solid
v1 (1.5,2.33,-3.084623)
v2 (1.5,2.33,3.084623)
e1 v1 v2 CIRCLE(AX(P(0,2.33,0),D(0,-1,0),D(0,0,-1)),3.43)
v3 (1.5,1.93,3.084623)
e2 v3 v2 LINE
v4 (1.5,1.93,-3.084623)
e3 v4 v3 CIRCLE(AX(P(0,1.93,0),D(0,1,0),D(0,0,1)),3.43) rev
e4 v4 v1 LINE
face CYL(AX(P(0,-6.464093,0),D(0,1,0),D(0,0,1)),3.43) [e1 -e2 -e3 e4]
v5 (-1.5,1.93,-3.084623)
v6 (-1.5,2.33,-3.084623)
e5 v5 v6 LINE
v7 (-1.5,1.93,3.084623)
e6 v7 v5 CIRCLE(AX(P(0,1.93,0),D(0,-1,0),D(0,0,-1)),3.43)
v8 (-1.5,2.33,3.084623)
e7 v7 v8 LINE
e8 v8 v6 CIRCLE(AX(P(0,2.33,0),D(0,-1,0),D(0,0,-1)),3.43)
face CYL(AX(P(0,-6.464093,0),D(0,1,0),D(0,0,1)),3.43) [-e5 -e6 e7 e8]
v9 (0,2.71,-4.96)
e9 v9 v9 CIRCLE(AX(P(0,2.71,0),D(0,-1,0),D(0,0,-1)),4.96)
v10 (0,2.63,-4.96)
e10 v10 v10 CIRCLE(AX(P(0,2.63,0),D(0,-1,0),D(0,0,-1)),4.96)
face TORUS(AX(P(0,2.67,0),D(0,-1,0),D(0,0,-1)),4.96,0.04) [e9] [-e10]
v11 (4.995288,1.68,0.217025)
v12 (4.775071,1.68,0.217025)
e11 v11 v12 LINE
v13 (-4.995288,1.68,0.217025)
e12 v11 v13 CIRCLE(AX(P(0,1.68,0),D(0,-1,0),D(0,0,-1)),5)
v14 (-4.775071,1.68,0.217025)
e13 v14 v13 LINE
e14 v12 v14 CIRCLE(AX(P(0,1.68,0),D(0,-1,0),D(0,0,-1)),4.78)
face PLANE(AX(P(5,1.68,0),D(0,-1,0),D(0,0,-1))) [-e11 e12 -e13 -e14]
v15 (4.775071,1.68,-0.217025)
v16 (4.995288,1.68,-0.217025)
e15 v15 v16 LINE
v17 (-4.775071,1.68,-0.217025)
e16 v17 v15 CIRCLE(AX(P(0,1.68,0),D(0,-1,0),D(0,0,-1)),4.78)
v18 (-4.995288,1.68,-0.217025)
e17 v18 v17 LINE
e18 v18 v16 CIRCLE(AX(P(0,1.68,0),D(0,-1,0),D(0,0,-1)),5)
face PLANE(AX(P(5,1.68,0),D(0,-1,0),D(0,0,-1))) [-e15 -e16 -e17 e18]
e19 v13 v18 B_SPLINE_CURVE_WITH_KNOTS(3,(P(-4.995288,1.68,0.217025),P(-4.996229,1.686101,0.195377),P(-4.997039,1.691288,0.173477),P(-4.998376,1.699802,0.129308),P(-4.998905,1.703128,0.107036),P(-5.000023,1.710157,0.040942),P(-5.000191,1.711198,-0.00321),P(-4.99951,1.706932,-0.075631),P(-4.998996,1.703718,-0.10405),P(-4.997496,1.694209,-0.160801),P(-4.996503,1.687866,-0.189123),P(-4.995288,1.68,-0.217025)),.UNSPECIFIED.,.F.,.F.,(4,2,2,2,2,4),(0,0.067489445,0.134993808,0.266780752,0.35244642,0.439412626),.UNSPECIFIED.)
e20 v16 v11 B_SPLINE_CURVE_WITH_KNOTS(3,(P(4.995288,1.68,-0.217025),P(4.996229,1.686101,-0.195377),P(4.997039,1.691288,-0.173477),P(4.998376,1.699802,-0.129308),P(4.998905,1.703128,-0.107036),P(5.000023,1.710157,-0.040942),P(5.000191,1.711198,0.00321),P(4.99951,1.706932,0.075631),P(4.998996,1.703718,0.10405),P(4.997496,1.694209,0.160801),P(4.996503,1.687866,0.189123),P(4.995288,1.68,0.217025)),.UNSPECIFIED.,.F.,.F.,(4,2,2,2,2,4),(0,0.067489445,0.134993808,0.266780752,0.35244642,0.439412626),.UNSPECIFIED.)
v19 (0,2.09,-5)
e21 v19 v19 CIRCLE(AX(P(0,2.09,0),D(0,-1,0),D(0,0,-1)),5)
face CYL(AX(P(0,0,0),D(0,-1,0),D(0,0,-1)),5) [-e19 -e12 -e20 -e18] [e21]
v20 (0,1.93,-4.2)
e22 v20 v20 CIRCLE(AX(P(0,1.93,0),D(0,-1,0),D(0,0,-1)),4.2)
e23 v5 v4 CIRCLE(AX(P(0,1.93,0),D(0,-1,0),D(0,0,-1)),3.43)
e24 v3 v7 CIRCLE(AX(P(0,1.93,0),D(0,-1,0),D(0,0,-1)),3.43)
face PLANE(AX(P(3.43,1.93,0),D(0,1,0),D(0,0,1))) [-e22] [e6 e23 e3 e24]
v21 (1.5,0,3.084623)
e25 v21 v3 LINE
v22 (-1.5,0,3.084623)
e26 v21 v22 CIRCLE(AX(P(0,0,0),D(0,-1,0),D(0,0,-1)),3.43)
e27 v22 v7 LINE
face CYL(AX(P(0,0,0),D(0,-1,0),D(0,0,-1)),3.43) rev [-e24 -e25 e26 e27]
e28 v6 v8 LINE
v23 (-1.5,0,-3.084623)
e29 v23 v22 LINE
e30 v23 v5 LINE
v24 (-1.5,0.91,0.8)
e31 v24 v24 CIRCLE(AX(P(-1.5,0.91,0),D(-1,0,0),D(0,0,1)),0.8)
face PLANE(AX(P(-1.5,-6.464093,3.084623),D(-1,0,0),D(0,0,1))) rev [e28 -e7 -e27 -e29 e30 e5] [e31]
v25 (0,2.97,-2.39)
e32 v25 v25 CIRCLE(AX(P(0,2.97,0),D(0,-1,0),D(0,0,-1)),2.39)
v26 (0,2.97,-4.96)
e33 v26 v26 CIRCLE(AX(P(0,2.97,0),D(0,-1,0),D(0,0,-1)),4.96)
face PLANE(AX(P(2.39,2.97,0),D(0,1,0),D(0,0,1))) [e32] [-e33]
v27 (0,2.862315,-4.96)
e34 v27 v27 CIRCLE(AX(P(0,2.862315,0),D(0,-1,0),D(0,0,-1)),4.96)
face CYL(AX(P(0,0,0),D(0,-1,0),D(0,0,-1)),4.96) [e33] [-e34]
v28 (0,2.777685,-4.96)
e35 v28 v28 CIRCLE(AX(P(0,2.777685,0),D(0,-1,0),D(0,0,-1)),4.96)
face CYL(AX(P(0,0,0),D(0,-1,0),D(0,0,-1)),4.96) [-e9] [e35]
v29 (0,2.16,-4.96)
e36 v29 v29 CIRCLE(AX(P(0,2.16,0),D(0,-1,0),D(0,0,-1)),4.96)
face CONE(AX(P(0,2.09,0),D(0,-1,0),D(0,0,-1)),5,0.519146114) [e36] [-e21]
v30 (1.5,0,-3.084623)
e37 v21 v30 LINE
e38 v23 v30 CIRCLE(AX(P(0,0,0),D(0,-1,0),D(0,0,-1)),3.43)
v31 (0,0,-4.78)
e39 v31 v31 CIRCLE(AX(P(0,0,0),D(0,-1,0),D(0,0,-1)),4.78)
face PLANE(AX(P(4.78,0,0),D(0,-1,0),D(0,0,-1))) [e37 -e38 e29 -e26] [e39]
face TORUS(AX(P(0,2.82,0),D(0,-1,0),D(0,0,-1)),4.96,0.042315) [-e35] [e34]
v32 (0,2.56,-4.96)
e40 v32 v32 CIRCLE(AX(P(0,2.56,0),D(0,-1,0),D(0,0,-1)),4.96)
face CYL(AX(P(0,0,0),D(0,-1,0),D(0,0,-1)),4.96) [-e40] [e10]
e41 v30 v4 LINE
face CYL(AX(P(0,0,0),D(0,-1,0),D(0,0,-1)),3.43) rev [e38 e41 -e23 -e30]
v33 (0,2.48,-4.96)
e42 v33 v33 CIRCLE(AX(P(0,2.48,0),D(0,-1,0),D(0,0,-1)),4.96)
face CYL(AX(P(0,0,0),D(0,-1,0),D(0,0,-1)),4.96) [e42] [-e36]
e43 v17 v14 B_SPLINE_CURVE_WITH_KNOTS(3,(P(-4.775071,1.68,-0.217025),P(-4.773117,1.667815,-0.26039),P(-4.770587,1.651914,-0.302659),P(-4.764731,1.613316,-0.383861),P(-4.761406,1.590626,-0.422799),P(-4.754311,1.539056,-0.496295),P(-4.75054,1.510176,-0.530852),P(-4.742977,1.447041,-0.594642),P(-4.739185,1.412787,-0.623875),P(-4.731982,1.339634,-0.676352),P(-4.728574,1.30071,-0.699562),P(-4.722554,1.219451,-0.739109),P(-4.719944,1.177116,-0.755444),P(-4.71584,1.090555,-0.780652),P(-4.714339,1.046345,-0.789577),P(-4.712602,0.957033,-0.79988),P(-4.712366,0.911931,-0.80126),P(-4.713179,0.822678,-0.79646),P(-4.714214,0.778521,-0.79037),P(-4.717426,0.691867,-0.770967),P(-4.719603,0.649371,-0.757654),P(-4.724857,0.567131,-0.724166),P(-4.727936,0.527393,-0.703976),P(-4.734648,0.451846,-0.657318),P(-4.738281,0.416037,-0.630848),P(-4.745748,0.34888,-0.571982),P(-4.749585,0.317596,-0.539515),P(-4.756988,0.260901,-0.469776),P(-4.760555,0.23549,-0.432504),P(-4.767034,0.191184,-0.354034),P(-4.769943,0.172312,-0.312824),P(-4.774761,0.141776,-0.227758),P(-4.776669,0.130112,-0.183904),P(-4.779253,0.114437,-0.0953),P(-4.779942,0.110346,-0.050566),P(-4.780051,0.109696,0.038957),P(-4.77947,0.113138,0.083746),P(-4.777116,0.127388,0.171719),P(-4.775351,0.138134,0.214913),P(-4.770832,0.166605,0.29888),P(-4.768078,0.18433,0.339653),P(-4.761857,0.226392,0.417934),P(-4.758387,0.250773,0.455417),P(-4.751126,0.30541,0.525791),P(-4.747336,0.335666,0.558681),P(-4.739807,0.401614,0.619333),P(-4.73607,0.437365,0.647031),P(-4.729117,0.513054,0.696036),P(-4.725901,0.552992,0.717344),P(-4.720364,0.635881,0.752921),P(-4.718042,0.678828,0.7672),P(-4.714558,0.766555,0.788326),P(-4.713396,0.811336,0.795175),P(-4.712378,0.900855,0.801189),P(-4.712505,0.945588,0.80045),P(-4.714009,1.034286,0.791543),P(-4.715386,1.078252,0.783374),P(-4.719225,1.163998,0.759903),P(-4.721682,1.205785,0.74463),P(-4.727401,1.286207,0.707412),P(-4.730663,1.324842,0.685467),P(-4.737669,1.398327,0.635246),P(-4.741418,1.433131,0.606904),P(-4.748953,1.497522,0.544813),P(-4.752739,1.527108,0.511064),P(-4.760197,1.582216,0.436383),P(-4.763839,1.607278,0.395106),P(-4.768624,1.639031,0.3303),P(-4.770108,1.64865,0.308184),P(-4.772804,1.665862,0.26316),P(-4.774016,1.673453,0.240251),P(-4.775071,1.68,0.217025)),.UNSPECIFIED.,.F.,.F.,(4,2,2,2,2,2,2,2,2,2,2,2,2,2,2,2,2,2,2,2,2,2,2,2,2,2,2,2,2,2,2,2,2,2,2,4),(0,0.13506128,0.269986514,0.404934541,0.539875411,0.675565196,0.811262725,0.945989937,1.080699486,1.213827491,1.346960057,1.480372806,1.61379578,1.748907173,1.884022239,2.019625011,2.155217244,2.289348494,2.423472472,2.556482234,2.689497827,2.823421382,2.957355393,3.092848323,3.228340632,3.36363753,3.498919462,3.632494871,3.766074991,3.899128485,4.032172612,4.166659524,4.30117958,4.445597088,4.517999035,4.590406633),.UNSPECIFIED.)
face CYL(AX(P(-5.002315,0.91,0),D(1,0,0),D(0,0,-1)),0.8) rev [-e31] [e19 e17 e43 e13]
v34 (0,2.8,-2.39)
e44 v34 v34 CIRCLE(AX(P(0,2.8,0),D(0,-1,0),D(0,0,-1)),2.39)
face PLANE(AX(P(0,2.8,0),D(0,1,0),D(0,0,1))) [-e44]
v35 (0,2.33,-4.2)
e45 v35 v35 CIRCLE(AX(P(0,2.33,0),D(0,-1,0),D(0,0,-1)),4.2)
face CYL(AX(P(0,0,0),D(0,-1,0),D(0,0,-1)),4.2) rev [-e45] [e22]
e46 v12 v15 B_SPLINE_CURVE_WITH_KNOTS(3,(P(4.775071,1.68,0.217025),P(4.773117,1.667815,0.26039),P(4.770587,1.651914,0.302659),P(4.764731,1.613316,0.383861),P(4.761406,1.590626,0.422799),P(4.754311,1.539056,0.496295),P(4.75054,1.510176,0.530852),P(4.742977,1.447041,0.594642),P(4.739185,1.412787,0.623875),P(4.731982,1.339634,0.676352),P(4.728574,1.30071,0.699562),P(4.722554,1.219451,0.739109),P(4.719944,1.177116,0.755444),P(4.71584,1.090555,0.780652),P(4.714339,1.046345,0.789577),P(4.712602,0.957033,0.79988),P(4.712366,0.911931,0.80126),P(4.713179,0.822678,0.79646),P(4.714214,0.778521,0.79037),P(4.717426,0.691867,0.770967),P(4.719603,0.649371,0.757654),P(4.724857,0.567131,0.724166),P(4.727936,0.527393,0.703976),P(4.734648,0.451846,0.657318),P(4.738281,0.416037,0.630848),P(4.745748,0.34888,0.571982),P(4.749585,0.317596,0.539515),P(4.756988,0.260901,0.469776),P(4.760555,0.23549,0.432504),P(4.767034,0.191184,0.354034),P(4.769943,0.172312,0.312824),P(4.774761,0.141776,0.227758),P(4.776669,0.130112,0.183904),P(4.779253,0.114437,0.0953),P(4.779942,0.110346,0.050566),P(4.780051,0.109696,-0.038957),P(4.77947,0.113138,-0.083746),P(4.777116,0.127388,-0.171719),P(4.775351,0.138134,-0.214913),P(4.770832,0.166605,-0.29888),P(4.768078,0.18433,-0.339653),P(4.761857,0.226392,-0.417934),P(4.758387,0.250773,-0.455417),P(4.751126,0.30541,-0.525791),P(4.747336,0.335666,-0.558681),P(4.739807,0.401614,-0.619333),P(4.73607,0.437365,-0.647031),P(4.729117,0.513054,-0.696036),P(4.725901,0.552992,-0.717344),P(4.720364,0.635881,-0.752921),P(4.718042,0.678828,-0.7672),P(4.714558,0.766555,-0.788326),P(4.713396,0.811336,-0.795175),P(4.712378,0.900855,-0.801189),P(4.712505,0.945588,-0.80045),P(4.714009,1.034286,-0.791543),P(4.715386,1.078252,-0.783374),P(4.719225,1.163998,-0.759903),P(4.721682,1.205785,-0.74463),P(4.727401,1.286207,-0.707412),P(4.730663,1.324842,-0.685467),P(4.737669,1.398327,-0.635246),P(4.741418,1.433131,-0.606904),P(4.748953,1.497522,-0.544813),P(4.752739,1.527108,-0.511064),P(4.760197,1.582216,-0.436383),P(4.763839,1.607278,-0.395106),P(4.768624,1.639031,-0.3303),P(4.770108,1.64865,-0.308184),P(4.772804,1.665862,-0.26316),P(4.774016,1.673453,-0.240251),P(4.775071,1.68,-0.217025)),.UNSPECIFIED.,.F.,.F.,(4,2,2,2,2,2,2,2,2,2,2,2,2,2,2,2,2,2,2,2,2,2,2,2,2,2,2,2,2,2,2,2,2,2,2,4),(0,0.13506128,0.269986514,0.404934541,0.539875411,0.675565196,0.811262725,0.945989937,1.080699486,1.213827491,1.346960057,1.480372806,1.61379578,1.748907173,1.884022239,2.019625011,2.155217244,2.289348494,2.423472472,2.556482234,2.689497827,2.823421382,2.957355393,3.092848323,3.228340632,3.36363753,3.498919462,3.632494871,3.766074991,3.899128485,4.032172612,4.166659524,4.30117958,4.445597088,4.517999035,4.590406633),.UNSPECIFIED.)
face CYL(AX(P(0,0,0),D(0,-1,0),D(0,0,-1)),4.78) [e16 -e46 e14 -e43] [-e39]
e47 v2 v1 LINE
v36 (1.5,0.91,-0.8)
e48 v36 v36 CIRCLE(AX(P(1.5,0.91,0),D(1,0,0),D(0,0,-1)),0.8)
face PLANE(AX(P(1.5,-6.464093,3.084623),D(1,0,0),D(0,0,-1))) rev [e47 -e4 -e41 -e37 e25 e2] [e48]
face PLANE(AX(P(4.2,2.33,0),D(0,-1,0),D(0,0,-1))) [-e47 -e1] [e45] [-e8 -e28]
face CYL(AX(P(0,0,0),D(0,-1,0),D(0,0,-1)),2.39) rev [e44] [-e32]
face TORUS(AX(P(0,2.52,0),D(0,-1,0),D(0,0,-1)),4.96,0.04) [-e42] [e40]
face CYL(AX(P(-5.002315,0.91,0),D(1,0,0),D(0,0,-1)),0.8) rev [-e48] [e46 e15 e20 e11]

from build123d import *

# Parameters (mm, degrees)
BOSS_EXTRUDE2_DEPTH     = 2.33
SKETCH5_R               = 0.8
CUT_EXTRUDE1_DEPTH      = 6.002314755
CUT_EXTRUDE1_DEPTH_BACK = 6.002314755


with BuildPart() as part:
    # Sketch2 → Revolve1 (revolve)
    with BuildSketch(Plane.XY):
        with BuildLine():
            Line((4.78, 0), (3.43, 0))
            Line((3.43, 0), (3.43, 1.93))
            Line((3.43, 1.93), (4.2, 1.93))
            Line((4.2, 1.93), (4.2, 2.33))
            Line((4.2, 2.33), (0, 2.33))
            Line((0, 2.33), (0, 2.8))
            Line((0, 2.8), (2.39, 2.8))
            Line((2.39, 2.8), (2.39, 2.97))
            Line((2.39, 2.97), (4.96, 2.97))
            Line((4.96, 2.97), (4.96, 2.862314655))
            ThreePointArc((4.96, 2.862314655), (5.002314655, 2.82), (4.96, 2.777685345))
            Line((4.96, 2.777685345), (4.96, 2.71))
            ThreePointArc((4.96, 2.71), (5, 2.67), (4.96, 2.63))
            Line((4.96, 2.63), (4.96, 2.56))
            ThreePointArc((4.96, 2.56), (5, 2.52), (4.96, 2.48))
            Line((4.96, 2.48), (4.96, 2.16))
            Line((4.96, 2.16), (5, 2.09))
            Line((5, 2.09), (5, 1.68))
            Line((5, 1.68), (4.78, 1.68))
            Line((4.78, 1.68), (4.78, 0))
        make_face()
    revolve(axis=Axis((0, 0, 0), (0, 1, 0)))

    # Sketch4 → Boss-Extrude2 (add)
    with BuildSketch(Plane.XZ.offset(-2.33)):
        with BuildLine():
            Line((-1.5, 3.084623154), (-1.5, -3.084623154))
            ThreePointArc((-1.5, -3.084623154), (-3.43, 0), (-1.5, 3.084623154))
        make_face()
        with BuildLine():
            Line((1.5, 3.084623154), (1.5, -3.084623154))
            ThreePointArc((1.5, -3.084623154), (3.43, 0), (1.5, 3.084623154))
        make_face()
    extrude(amount=BOSS_EXTRUDE2_DEPTH)

    # Sketch5 → Cut-Extrude1 (cut, two sides)
    with BuildSketch(Plane(origin=(0, 0, 0), x_dir=(0, 0, -1), z_dir=(1, 0, 0))) as cut_extrude1_sk:
        with Locations((0, 0.91)):
            Circle(SKETCH5_R)
    extrude(amount=CUT_EXTRUDE1_DEPTH, mode=Mode.SUBTRACT)
    extrude(cut_extrude1_sk.sketch, amount=-CUT_EXTRUDE1_DEPTH_BACK, mode=Mode.SUBTRACT)


solid = part.part
